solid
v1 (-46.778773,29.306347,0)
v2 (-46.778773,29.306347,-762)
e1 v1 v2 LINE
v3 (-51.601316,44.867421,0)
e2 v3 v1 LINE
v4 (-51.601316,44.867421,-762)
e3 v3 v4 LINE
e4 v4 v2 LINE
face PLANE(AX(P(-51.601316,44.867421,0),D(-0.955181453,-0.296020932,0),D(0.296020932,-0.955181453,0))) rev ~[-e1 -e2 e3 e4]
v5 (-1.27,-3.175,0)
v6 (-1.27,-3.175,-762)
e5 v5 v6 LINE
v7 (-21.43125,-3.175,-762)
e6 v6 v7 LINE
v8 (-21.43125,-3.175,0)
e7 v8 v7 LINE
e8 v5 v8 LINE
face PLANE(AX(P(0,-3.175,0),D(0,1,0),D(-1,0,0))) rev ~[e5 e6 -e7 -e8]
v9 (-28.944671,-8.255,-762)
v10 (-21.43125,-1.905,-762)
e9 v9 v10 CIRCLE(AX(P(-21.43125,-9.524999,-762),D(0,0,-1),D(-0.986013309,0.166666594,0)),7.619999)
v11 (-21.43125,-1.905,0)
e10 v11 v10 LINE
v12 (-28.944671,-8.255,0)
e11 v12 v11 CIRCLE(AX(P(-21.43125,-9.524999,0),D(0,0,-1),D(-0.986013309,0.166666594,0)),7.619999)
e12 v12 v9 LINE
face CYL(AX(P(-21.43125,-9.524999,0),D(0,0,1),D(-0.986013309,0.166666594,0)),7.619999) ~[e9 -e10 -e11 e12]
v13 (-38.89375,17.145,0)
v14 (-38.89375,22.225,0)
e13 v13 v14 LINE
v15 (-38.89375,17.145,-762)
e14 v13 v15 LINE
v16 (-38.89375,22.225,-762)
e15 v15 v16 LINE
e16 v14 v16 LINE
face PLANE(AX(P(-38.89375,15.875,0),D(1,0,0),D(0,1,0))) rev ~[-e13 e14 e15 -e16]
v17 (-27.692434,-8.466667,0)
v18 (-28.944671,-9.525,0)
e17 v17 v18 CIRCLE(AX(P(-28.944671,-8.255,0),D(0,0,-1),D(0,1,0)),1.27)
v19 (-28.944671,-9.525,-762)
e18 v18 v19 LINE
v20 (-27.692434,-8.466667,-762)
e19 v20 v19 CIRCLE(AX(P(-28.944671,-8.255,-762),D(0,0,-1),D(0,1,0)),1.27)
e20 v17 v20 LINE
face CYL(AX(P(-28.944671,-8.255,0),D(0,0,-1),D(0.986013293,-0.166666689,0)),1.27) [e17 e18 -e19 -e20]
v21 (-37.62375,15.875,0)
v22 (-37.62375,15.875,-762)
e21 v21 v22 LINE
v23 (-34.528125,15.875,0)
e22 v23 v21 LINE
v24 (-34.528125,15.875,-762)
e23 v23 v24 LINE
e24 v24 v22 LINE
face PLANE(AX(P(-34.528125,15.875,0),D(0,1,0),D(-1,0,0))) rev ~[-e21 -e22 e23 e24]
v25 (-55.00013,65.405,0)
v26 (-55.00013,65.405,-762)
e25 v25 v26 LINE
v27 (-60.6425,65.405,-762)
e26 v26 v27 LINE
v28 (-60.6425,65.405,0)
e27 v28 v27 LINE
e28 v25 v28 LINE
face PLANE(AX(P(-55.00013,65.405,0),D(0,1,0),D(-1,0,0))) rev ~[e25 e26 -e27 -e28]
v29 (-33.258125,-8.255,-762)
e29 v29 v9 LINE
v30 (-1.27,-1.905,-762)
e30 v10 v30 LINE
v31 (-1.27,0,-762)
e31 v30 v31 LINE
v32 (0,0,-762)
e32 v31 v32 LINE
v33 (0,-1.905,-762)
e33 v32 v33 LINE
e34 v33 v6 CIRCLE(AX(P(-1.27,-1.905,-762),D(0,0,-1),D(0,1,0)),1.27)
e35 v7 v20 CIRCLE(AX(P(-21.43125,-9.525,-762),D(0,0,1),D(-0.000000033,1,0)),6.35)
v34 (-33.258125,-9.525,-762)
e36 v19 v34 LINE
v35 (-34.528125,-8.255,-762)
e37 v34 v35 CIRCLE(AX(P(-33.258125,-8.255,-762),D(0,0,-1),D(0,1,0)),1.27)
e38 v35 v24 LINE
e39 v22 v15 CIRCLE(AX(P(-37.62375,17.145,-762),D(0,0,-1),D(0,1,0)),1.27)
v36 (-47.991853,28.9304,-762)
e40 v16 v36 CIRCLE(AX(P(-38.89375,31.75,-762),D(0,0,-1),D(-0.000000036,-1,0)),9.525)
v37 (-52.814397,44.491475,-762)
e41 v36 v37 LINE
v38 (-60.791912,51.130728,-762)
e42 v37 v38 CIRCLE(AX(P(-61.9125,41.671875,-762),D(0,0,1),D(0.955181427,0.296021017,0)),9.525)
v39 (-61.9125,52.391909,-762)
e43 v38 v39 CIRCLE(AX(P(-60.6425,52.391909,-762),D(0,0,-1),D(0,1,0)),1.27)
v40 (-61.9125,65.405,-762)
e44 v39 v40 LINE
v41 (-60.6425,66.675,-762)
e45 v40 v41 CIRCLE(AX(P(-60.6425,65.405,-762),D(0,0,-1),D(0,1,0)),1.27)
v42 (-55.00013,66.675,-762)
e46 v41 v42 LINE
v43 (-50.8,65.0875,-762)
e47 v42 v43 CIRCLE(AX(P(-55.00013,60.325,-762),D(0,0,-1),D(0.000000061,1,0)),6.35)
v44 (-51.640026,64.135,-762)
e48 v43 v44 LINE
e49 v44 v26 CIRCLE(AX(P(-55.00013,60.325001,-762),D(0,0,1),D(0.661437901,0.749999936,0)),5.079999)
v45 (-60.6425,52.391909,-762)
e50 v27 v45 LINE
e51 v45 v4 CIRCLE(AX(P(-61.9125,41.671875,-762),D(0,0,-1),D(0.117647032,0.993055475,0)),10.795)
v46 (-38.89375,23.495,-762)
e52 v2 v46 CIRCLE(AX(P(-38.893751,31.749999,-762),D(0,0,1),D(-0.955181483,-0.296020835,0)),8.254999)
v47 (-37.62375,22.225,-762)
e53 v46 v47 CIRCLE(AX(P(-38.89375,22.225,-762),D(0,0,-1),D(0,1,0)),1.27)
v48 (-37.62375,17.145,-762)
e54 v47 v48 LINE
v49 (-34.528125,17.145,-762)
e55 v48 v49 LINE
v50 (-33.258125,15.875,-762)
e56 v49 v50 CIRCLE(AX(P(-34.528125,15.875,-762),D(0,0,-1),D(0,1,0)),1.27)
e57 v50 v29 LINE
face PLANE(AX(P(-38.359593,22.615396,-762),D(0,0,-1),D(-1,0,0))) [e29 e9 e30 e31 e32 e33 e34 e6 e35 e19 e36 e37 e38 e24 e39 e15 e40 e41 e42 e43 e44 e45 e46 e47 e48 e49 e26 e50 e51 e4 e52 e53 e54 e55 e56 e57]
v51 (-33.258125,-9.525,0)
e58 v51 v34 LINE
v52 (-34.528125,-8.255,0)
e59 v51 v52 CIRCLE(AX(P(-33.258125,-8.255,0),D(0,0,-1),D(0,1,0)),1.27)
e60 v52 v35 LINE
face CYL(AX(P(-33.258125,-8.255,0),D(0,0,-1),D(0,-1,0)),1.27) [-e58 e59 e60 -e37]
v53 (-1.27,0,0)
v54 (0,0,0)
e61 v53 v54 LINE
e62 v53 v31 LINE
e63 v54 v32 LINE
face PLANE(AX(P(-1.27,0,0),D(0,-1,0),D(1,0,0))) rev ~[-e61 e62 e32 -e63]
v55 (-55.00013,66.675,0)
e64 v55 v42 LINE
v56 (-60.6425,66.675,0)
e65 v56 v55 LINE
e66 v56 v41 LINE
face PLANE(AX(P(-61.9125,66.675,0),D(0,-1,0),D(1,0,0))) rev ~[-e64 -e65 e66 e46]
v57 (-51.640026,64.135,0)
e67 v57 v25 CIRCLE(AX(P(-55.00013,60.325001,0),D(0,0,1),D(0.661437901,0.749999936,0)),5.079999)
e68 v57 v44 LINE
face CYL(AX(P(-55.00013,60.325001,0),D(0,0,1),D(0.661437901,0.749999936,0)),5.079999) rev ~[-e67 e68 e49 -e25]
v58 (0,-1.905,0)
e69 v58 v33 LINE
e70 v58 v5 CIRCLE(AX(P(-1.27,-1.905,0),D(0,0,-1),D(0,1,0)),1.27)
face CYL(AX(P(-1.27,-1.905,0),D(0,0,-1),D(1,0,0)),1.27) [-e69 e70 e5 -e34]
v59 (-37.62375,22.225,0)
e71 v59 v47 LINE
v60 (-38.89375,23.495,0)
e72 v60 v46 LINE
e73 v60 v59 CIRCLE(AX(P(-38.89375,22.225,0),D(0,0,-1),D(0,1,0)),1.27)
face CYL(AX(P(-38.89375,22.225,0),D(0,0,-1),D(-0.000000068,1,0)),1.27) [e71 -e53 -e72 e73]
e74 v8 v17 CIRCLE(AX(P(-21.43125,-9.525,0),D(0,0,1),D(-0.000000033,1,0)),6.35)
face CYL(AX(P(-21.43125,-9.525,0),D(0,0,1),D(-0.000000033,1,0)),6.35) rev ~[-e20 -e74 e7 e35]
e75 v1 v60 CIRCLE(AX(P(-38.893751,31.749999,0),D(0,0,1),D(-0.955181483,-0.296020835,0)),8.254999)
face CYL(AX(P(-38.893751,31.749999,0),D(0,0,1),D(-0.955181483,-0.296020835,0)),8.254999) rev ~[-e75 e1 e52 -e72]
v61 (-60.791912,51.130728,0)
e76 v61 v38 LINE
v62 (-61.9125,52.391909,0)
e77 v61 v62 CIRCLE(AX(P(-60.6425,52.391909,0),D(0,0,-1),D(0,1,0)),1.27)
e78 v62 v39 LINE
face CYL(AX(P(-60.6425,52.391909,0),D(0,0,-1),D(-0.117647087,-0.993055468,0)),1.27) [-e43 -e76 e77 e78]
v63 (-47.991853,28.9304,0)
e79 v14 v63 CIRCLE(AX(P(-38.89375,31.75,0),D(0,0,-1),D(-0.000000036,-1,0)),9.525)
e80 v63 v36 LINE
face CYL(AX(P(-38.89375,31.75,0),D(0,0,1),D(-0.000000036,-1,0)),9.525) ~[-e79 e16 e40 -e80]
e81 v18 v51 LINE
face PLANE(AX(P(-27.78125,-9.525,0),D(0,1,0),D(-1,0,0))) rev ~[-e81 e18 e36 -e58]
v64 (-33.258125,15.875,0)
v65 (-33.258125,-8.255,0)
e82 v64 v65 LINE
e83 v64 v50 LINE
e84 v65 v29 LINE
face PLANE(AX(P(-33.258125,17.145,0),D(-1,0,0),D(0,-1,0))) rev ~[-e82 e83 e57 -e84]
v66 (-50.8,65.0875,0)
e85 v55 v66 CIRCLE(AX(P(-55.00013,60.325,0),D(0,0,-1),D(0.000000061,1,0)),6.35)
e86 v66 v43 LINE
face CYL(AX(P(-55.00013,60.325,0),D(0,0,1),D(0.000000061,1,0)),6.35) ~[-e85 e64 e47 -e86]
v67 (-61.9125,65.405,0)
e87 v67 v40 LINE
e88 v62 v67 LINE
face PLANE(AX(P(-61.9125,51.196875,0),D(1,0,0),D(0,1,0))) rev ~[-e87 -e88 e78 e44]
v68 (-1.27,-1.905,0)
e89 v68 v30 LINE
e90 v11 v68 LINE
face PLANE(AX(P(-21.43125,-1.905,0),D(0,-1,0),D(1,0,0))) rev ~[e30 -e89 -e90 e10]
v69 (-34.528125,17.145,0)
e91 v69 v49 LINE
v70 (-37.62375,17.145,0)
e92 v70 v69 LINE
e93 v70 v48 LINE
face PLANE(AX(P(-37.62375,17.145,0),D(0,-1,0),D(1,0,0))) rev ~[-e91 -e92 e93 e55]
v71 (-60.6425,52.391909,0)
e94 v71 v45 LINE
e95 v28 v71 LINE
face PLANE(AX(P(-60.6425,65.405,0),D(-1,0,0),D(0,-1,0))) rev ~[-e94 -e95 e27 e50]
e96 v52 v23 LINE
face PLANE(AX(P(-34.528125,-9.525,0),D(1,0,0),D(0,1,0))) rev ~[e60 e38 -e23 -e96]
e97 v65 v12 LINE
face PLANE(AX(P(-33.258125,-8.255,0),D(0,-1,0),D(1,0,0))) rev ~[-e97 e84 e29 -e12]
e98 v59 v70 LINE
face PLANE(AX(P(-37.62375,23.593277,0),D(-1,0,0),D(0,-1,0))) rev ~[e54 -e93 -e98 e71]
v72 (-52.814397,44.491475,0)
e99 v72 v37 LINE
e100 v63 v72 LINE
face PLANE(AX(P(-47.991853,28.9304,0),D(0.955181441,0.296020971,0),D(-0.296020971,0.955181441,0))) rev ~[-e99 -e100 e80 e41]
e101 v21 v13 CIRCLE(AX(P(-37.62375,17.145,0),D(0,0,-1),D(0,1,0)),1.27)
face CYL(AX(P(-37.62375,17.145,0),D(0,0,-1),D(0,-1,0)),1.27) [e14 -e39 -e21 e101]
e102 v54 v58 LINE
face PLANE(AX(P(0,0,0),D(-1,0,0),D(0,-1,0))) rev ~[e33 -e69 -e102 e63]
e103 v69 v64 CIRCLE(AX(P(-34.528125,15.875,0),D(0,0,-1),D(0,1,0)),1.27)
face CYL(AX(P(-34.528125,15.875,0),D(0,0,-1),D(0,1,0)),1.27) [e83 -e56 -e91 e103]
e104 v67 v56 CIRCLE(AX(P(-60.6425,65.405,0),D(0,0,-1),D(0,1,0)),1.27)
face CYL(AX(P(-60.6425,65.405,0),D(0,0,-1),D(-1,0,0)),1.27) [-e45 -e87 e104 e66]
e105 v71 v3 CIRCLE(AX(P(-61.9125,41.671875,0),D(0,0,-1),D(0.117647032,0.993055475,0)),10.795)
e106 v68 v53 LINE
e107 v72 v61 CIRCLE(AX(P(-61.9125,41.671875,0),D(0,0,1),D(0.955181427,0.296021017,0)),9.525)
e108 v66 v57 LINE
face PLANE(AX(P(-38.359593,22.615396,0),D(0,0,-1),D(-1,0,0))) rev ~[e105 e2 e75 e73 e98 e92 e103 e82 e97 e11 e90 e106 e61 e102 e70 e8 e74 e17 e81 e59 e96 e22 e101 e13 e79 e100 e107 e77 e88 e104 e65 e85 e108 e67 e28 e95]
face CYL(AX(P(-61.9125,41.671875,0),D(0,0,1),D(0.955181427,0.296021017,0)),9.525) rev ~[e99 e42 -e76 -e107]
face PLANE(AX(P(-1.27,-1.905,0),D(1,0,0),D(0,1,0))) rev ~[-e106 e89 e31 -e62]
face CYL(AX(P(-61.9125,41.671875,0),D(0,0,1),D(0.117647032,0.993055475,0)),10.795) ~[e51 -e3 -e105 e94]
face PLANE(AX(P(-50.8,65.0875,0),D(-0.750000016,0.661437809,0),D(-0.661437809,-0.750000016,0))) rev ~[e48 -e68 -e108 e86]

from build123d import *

# Parameters (mm, degrees)
EXTRUDE_THIN1_DEPTH = 762
FILLET1_R           = 1.27


with BuildPart() as part:
    # Sketch1 → Extrude-Thin1 (new body)
    with BuildSketch(Plane.XY):
        with BuildLine():
            Line((0, 0), (0, -3.175))
            Line((0, -3.175), (-21.43125, -3.175))
            ThreePointArc((-21.43125, -3.175), (-25.921378, -5.034872), (-27.78125, -9.525))
            Line((-27.78125, -9.525), (-34.528125, -9.525))
            Line((-34.528125, -9.525), (-34.528125, 15.875))
            Line((-34.528125, 15.875), (-38.89375, 15.875))
            Line((-38.89375, 15.875), (-38.89375, 22.225))
            ThreePointArc((-38.89375, 22.225), (-44.544809, 24.082461), (-47.991853, 28.9304))
            Line((-47.991853, 28.9304), (-52.814397, 44.491475))
            ThreePointArc((-52.814397, 44.491475), (-56.261441, 49.339414), (-61.9125, 51.196875))
            Line((-61.9125, 51.196875), (-61.9125, 66.675))
            Line((-61.9125, 66.675), (-55.00013, 66.675))
            ThreePointArc((-55.00013, 66.675), (-52.755066, 66.264881), (-50.8, 65.0875))
            Line((-50.8, 65.0875), (-51.640026, 64.135))
            ThreePointArc((-51.640026, 64.135), (-53.204079, 65.076905), (-55.00013, 65.405))
            Line((-55.00013, 65.405), (-60.6425, 65.405))
            Line((-60.6425, 65.405), (-60.6425, 52.391909))
            ThreePointArc((-60.6425, 52.391909), (-55.007036, 49.96926), (-51.601316, 44.867421))
            Line((-51.601316, 44.867421), (-46.778773, 29.306347))
            ThreePointArc((-46.778773, 29.306347), (-43.264039, 24.746743), (-37.62375, 23.593277))
            Line((-37.62375, 23.593277), (-37.62375, 17.145))
            Line((-37.62375, 17.145), (-33.258125, 17.145))
            Line((-33.258125, 17.145), (-33.258125, -8.255))
            Line((-33.258125, -8.255), (-28.944671, -8.255))
            ThreePointArc((-28.944671, -8.255), (-26.349939, -3.705129), (-21.43125, -1.905))
            Line((-21.43125, -1.905), (-1.27, -1.905))
            Line((-1.27, -1.905), (-1.27, 0))
            Line((-1.27, 0), (0, 0))
        make_face()
    extrude(amount=-EXTRUDE_THIN1_DEPTH)

    # Fillet1
    fillet1_edges = [part.edges().sort_by_distance(p)[0] for p in [
        (-37.62375, 23.593277, -381),
        (-33.258125, 17.145, -381),
        (0, -3.175, -381),
        (-27.78125, -9.525, -381),
        (-34.528125, -9.525, -381),
        (-38.89375, 15.875, -381),
        (-61.9125, 51.196875, -381),
        (-61.9125, 66.675, -381),
    ]]
    fillet(fillet1_edges, radius=FILLET1_R)


solid = part.part
